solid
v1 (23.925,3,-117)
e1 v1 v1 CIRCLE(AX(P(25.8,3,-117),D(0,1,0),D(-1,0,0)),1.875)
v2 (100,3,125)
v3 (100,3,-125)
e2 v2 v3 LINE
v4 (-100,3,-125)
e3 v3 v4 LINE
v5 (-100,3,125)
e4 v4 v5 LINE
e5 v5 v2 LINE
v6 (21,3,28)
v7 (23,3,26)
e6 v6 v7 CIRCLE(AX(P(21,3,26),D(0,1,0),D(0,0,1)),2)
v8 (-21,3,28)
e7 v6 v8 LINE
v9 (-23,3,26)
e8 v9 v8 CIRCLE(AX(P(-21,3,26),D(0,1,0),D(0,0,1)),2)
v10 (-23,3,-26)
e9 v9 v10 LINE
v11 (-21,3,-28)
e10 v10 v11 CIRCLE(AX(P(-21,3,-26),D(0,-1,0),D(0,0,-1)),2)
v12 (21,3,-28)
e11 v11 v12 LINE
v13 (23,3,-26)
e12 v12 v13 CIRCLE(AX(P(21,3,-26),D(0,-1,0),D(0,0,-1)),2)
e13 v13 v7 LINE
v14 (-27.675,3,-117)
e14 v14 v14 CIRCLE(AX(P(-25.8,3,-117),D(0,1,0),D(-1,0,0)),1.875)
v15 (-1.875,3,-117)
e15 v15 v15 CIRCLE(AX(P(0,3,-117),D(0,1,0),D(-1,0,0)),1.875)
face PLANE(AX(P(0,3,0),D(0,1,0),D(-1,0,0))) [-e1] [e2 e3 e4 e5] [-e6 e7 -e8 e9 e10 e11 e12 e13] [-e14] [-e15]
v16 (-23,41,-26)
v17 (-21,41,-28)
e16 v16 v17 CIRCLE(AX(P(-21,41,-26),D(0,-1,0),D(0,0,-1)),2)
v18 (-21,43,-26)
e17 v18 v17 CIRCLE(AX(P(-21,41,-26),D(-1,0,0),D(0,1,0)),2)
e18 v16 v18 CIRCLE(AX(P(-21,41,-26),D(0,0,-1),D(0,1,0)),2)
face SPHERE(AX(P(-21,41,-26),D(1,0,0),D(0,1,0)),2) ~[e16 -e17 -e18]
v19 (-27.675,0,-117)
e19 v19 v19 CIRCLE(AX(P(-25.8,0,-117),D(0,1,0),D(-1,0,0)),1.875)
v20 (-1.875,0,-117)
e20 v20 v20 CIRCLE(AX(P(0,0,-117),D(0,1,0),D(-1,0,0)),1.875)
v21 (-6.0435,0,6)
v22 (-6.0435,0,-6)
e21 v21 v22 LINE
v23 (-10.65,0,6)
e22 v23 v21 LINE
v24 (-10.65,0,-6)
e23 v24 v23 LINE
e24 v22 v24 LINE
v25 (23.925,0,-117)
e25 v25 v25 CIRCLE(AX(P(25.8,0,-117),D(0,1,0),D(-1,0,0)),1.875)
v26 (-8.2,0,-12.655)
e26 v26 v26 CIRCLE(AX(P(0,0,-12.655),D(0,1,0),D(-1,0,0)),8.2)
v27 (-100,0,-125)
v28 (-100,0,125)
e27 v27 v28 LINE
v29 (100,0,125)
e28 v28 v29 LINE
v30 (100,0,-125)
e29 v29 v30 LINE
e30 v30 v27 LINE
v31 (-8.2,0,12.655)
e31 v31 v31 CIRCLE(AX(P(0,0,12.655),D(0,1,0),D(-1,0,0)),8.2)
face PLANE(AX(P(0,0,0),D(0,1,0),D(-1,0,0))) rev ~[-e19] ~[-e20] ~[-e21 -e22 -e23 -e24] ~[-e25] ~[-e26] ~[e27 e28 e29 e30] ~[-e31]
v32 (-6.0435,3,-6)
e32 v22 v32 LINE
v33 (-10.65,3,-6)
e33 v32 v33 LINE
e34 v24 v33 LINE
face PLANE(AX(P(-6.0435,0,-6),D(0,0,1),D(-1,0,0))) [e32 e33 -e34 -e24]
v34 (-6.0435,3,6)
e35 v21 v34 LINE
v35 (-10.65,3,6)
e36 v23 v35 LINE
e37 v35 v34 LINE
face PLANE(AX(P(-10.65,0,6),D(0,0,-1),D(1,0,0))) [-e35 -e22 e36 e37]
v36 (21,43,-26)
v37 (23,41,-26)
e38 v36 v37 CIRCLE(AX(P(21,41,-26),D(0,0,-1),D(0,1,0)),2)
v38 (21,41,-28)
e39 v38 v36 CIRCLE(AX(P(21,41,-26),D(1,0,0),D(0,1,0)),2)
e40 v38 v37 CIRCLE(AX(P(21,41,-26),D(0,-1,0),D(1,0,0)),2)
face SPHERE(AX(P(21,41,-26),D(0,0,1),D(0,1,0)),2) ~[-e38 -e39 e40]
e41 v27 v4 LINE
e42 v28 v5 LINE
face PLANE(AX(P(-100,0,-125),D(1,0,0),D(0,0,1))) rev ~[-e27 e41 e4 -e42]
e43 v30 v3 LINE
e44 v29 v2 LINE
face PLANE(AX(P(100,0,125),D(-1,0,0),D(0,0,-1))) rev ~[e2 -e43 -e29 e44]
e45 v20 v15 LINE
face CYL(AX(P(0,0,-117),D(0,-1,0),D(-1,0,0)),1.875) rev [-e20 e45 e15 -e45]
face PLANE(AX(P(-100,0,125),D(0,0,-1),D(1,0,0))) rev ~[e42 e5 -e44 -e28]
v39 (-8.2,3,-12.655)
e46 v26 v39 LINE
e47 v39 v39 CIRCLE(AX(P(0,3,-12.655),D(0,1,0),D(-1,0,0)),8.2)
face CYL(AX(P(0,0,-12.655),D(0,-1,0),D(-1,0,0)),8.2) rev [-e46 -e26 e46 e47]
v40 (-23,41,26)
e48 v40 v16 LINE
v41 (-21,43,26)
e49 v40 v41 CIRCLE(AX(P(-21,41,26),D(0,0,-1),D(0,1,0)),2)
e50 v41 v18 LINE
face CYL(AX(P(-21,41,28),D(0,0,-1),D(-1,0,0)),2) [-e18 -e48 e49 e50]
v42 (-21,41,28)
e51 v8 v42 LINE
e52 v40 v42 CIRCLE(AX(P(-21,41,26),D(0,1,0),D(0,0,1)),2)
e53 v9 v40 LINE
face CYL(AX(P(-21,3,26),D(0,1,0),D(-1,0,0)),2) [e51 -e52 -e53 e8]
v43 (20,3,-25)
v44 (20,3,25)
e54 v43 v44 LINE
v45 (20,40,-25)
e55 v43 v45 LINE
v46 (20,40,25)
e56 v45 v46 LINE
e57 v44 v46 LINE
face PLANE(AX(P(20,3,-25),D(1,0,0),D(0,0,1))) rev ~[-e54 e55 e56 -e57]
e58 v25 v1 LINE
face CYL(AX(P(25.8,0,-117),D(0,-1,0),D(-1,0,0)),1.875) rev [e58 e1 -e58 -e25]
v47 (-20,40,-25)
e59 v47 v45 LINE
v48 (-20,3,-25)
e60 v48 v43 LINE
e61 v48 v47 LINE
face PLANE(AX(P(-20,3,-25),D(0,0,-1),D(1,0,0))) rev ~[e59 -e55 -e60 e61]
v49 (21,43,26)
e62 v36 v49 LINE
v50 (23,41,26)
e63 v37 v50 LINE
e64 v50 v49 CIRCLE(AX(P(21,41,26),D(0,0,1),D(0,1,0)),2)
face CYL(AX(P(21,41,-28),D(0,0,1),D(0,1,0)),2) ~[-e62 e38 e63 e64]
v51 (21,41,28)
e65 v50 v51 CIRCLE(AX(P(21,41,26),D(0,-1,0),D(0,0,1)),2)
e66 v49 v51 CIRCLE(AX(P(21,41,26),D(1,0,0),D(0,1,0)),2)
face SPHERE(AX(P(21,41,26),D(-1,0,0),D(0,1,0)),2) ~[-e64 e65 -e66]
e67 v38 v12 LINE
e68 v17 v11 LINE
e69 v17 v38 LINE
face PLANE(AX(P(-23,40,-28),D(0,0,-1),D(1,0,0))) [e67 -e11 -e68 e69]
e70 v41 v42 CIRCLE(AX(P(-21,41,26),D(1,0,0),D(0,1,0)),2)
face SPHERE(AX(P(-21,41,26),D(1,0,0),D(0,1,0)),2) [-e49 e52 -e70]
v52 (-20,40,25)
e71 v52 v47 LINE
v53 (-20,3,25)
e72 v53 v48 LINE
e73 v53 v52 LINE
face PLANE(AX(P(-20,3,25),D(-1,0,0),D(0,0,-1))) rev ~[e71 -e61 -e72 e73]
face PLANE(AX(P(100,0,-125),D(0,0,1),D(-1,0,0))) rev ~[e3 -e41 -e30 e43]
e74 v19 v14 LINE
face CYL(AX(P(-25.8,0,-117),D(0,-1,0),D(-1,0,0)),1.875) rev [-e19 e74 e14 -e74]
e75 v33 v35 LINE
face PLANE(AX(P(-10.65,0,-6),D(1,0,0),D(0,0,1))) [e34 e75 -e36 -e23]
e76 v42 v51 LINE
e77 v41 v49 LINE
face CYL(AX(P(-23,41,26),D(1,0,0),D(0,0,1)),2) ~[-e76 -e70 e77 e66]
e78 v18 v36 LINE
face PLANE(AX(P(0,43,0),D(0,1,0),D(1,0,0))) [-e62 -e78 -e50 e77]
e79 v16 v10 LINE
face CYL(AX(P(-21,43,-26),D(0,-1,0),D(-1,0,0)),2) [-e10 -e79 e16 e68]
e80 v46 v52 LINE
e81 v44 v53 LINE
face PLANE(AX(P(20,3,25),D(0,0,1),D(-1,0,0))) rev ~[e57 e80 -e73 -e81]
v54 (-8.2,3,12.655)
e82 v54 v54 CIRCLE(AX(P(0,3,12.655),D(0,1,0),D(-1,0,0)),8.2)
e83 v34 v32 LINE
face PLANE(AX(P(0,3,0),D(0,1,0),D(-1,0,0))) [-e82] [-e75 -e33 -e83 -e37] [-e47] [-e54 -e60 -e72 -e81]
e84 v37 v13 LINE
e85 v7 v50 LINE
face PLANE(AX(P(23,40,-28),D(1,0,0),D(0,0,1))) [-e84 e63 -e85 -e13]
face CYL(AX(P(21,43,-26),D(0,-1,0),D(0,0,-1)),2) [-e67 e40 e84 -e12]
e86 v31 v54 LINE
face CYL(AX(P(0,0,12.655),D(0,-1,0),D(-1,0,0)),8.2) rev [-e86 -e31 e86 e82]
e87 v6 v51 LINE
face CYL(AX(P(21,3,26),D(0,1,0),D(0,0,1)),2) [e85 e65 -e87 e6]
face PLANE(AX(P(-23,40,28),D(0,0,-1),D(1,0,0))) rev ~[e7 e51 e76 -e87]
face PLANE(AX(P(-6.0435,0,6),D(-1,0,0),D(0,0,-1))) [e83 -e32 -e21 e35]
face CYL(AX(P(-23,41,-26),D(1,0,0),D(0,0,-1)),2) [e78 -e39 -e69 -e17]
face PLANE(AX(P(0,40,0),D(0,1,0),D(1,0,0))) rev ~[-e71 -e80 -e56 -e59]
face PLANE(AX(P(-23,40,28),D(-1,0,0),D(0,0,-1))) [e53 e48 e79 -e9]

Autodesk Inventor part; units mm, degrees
ref_plane "YZ Plane" through (0, 0, 0) normal (1, 0, 0) x (0, 1, 0)
ref_plane "XZ Plane" through (0, 0, 0) normal (0, 1, 0) x (-1, 0, 0)
ref_plane "XY Plane" through (0, 0, 0) normal (0, 0, 1) x (1, 0, 0)
sketch "Sketch1" plane through (0, 0, 0) normal (0, 1, 0) x (-1, 0, 0)
  line L0 (100, 125) -> (-100, 125)
  line L1 (-100, 125) -> (-100, -125)
  line L2 (-100, -125) -> (100, -125)
  line L3 (100, -125) -> (100, 125)
  line L4 (100, 125) -> (-100, -125) construction
  line L5 (-100, 125) -> (100, -125) construction
  circle A0 centre (0, 12.655) radius 8.2
  circle A1 centre (0, -12.655) radius 8.2
  line L6 (10.65, 6) -> (6.0435, 6)
  line L7 (6.0435, 6) -> (6.0435, -6)
  line L8 (6.0435, -6) -> (10.65, -6)
  line L9 (10.65, -6) -> (10.65, 6)
  line L10 (10.65, 6) -> (6.0435, -6) construction
  line L11 (6.0435, 6) -> (10.65, -6) construction
  circle A2 centre (0, -117) radius 1.875
  circle A3 centre (-25.8, -117) radius 1.875
  circle A4 centre (25.8, -117) radius 1.875
  point P0 (0, 0)
  dimension "d0" = 200
  dimension "d1" = 250
  dimension "d2" = 16.4
  dimension "d3" = 16.4
  dimension "d7" = 4.6065
  dimension "d8" = 12
  dimension "d14" = 3.75
  dimension "d15" = 3.75
  dimension "d16" = 3.75
  dimension "d17" = 8
  dimension "d18" = 8
  dimension "d19" = 8
  dimension "d20" = 25.8
  dimension "d21" = 25.8
extrude "Extrusion1" add sketch "Sketch1" along normal blind 3
sketch "Sketch2" plane through (0, 3, 0) normal (0, 1, 0) x (1, 0, 0)
  line L0 (-20, 25) -> (20, 25)
  line L1 (20, 25) -> (20, -25)
  line L2 (20, -25) -> (-20, -25)
  line L3 (-20, -25) -> (-20, 25)
  line L4 (-20, 25) -> (20, -25) construction
  line L5 (20, 25) -> (-20, -25) construction
  line L6 (-23, 28) -> (23, 28)
  line L7 (23, 28) -> (23, -28)
  line L8 (23, -28) -> (-23, -28)
  line L9 (-23, -28) -> (-23, 28)
  line L10 (-23, 28) -> (23, -28) construction
  line L11 (23, 28) -> (-23, -28) construction
  point P0 (0, 0)
  dimension "d24" = 40
  dimension "d25" = 50
  dimension "d26" = 46
  dimension "d27" = 56
extrude "Extrusion2" add sketch "Sketch2" along normal blind 37
sketch "Sketch3" plane through (0, 40, 0) normal (0, 1, 0) x (1, 0, 0)
  line L0 (-23, -28) -> (23, -28) projected
  line L1 (-23, 28) -> (23, 28)
  line L2 (23, 28) -> (23, -28)
  line L3 (23, -28) -> (-23, -28)
  line L4 (-23, -28) -> (-23, 28)
  line L5 (-23, 28) -> (23, -28) construction
  line L6 (23, 28) -> (-23, -28) construction
  point P0 (0, 0)
extrude "Extrusion3" add sketch "Sketch3" along normal blind 3
fillet "Fillet1" radius 2 8 edges at (0, 43, 28) (23, 43, 0) (0, 43, -28) (-23, 43, 0) (-23, 23, 28) (23, 23, 28) (23, 23, -28) (-23, 23, -28)
properties part number "top_sensor"
